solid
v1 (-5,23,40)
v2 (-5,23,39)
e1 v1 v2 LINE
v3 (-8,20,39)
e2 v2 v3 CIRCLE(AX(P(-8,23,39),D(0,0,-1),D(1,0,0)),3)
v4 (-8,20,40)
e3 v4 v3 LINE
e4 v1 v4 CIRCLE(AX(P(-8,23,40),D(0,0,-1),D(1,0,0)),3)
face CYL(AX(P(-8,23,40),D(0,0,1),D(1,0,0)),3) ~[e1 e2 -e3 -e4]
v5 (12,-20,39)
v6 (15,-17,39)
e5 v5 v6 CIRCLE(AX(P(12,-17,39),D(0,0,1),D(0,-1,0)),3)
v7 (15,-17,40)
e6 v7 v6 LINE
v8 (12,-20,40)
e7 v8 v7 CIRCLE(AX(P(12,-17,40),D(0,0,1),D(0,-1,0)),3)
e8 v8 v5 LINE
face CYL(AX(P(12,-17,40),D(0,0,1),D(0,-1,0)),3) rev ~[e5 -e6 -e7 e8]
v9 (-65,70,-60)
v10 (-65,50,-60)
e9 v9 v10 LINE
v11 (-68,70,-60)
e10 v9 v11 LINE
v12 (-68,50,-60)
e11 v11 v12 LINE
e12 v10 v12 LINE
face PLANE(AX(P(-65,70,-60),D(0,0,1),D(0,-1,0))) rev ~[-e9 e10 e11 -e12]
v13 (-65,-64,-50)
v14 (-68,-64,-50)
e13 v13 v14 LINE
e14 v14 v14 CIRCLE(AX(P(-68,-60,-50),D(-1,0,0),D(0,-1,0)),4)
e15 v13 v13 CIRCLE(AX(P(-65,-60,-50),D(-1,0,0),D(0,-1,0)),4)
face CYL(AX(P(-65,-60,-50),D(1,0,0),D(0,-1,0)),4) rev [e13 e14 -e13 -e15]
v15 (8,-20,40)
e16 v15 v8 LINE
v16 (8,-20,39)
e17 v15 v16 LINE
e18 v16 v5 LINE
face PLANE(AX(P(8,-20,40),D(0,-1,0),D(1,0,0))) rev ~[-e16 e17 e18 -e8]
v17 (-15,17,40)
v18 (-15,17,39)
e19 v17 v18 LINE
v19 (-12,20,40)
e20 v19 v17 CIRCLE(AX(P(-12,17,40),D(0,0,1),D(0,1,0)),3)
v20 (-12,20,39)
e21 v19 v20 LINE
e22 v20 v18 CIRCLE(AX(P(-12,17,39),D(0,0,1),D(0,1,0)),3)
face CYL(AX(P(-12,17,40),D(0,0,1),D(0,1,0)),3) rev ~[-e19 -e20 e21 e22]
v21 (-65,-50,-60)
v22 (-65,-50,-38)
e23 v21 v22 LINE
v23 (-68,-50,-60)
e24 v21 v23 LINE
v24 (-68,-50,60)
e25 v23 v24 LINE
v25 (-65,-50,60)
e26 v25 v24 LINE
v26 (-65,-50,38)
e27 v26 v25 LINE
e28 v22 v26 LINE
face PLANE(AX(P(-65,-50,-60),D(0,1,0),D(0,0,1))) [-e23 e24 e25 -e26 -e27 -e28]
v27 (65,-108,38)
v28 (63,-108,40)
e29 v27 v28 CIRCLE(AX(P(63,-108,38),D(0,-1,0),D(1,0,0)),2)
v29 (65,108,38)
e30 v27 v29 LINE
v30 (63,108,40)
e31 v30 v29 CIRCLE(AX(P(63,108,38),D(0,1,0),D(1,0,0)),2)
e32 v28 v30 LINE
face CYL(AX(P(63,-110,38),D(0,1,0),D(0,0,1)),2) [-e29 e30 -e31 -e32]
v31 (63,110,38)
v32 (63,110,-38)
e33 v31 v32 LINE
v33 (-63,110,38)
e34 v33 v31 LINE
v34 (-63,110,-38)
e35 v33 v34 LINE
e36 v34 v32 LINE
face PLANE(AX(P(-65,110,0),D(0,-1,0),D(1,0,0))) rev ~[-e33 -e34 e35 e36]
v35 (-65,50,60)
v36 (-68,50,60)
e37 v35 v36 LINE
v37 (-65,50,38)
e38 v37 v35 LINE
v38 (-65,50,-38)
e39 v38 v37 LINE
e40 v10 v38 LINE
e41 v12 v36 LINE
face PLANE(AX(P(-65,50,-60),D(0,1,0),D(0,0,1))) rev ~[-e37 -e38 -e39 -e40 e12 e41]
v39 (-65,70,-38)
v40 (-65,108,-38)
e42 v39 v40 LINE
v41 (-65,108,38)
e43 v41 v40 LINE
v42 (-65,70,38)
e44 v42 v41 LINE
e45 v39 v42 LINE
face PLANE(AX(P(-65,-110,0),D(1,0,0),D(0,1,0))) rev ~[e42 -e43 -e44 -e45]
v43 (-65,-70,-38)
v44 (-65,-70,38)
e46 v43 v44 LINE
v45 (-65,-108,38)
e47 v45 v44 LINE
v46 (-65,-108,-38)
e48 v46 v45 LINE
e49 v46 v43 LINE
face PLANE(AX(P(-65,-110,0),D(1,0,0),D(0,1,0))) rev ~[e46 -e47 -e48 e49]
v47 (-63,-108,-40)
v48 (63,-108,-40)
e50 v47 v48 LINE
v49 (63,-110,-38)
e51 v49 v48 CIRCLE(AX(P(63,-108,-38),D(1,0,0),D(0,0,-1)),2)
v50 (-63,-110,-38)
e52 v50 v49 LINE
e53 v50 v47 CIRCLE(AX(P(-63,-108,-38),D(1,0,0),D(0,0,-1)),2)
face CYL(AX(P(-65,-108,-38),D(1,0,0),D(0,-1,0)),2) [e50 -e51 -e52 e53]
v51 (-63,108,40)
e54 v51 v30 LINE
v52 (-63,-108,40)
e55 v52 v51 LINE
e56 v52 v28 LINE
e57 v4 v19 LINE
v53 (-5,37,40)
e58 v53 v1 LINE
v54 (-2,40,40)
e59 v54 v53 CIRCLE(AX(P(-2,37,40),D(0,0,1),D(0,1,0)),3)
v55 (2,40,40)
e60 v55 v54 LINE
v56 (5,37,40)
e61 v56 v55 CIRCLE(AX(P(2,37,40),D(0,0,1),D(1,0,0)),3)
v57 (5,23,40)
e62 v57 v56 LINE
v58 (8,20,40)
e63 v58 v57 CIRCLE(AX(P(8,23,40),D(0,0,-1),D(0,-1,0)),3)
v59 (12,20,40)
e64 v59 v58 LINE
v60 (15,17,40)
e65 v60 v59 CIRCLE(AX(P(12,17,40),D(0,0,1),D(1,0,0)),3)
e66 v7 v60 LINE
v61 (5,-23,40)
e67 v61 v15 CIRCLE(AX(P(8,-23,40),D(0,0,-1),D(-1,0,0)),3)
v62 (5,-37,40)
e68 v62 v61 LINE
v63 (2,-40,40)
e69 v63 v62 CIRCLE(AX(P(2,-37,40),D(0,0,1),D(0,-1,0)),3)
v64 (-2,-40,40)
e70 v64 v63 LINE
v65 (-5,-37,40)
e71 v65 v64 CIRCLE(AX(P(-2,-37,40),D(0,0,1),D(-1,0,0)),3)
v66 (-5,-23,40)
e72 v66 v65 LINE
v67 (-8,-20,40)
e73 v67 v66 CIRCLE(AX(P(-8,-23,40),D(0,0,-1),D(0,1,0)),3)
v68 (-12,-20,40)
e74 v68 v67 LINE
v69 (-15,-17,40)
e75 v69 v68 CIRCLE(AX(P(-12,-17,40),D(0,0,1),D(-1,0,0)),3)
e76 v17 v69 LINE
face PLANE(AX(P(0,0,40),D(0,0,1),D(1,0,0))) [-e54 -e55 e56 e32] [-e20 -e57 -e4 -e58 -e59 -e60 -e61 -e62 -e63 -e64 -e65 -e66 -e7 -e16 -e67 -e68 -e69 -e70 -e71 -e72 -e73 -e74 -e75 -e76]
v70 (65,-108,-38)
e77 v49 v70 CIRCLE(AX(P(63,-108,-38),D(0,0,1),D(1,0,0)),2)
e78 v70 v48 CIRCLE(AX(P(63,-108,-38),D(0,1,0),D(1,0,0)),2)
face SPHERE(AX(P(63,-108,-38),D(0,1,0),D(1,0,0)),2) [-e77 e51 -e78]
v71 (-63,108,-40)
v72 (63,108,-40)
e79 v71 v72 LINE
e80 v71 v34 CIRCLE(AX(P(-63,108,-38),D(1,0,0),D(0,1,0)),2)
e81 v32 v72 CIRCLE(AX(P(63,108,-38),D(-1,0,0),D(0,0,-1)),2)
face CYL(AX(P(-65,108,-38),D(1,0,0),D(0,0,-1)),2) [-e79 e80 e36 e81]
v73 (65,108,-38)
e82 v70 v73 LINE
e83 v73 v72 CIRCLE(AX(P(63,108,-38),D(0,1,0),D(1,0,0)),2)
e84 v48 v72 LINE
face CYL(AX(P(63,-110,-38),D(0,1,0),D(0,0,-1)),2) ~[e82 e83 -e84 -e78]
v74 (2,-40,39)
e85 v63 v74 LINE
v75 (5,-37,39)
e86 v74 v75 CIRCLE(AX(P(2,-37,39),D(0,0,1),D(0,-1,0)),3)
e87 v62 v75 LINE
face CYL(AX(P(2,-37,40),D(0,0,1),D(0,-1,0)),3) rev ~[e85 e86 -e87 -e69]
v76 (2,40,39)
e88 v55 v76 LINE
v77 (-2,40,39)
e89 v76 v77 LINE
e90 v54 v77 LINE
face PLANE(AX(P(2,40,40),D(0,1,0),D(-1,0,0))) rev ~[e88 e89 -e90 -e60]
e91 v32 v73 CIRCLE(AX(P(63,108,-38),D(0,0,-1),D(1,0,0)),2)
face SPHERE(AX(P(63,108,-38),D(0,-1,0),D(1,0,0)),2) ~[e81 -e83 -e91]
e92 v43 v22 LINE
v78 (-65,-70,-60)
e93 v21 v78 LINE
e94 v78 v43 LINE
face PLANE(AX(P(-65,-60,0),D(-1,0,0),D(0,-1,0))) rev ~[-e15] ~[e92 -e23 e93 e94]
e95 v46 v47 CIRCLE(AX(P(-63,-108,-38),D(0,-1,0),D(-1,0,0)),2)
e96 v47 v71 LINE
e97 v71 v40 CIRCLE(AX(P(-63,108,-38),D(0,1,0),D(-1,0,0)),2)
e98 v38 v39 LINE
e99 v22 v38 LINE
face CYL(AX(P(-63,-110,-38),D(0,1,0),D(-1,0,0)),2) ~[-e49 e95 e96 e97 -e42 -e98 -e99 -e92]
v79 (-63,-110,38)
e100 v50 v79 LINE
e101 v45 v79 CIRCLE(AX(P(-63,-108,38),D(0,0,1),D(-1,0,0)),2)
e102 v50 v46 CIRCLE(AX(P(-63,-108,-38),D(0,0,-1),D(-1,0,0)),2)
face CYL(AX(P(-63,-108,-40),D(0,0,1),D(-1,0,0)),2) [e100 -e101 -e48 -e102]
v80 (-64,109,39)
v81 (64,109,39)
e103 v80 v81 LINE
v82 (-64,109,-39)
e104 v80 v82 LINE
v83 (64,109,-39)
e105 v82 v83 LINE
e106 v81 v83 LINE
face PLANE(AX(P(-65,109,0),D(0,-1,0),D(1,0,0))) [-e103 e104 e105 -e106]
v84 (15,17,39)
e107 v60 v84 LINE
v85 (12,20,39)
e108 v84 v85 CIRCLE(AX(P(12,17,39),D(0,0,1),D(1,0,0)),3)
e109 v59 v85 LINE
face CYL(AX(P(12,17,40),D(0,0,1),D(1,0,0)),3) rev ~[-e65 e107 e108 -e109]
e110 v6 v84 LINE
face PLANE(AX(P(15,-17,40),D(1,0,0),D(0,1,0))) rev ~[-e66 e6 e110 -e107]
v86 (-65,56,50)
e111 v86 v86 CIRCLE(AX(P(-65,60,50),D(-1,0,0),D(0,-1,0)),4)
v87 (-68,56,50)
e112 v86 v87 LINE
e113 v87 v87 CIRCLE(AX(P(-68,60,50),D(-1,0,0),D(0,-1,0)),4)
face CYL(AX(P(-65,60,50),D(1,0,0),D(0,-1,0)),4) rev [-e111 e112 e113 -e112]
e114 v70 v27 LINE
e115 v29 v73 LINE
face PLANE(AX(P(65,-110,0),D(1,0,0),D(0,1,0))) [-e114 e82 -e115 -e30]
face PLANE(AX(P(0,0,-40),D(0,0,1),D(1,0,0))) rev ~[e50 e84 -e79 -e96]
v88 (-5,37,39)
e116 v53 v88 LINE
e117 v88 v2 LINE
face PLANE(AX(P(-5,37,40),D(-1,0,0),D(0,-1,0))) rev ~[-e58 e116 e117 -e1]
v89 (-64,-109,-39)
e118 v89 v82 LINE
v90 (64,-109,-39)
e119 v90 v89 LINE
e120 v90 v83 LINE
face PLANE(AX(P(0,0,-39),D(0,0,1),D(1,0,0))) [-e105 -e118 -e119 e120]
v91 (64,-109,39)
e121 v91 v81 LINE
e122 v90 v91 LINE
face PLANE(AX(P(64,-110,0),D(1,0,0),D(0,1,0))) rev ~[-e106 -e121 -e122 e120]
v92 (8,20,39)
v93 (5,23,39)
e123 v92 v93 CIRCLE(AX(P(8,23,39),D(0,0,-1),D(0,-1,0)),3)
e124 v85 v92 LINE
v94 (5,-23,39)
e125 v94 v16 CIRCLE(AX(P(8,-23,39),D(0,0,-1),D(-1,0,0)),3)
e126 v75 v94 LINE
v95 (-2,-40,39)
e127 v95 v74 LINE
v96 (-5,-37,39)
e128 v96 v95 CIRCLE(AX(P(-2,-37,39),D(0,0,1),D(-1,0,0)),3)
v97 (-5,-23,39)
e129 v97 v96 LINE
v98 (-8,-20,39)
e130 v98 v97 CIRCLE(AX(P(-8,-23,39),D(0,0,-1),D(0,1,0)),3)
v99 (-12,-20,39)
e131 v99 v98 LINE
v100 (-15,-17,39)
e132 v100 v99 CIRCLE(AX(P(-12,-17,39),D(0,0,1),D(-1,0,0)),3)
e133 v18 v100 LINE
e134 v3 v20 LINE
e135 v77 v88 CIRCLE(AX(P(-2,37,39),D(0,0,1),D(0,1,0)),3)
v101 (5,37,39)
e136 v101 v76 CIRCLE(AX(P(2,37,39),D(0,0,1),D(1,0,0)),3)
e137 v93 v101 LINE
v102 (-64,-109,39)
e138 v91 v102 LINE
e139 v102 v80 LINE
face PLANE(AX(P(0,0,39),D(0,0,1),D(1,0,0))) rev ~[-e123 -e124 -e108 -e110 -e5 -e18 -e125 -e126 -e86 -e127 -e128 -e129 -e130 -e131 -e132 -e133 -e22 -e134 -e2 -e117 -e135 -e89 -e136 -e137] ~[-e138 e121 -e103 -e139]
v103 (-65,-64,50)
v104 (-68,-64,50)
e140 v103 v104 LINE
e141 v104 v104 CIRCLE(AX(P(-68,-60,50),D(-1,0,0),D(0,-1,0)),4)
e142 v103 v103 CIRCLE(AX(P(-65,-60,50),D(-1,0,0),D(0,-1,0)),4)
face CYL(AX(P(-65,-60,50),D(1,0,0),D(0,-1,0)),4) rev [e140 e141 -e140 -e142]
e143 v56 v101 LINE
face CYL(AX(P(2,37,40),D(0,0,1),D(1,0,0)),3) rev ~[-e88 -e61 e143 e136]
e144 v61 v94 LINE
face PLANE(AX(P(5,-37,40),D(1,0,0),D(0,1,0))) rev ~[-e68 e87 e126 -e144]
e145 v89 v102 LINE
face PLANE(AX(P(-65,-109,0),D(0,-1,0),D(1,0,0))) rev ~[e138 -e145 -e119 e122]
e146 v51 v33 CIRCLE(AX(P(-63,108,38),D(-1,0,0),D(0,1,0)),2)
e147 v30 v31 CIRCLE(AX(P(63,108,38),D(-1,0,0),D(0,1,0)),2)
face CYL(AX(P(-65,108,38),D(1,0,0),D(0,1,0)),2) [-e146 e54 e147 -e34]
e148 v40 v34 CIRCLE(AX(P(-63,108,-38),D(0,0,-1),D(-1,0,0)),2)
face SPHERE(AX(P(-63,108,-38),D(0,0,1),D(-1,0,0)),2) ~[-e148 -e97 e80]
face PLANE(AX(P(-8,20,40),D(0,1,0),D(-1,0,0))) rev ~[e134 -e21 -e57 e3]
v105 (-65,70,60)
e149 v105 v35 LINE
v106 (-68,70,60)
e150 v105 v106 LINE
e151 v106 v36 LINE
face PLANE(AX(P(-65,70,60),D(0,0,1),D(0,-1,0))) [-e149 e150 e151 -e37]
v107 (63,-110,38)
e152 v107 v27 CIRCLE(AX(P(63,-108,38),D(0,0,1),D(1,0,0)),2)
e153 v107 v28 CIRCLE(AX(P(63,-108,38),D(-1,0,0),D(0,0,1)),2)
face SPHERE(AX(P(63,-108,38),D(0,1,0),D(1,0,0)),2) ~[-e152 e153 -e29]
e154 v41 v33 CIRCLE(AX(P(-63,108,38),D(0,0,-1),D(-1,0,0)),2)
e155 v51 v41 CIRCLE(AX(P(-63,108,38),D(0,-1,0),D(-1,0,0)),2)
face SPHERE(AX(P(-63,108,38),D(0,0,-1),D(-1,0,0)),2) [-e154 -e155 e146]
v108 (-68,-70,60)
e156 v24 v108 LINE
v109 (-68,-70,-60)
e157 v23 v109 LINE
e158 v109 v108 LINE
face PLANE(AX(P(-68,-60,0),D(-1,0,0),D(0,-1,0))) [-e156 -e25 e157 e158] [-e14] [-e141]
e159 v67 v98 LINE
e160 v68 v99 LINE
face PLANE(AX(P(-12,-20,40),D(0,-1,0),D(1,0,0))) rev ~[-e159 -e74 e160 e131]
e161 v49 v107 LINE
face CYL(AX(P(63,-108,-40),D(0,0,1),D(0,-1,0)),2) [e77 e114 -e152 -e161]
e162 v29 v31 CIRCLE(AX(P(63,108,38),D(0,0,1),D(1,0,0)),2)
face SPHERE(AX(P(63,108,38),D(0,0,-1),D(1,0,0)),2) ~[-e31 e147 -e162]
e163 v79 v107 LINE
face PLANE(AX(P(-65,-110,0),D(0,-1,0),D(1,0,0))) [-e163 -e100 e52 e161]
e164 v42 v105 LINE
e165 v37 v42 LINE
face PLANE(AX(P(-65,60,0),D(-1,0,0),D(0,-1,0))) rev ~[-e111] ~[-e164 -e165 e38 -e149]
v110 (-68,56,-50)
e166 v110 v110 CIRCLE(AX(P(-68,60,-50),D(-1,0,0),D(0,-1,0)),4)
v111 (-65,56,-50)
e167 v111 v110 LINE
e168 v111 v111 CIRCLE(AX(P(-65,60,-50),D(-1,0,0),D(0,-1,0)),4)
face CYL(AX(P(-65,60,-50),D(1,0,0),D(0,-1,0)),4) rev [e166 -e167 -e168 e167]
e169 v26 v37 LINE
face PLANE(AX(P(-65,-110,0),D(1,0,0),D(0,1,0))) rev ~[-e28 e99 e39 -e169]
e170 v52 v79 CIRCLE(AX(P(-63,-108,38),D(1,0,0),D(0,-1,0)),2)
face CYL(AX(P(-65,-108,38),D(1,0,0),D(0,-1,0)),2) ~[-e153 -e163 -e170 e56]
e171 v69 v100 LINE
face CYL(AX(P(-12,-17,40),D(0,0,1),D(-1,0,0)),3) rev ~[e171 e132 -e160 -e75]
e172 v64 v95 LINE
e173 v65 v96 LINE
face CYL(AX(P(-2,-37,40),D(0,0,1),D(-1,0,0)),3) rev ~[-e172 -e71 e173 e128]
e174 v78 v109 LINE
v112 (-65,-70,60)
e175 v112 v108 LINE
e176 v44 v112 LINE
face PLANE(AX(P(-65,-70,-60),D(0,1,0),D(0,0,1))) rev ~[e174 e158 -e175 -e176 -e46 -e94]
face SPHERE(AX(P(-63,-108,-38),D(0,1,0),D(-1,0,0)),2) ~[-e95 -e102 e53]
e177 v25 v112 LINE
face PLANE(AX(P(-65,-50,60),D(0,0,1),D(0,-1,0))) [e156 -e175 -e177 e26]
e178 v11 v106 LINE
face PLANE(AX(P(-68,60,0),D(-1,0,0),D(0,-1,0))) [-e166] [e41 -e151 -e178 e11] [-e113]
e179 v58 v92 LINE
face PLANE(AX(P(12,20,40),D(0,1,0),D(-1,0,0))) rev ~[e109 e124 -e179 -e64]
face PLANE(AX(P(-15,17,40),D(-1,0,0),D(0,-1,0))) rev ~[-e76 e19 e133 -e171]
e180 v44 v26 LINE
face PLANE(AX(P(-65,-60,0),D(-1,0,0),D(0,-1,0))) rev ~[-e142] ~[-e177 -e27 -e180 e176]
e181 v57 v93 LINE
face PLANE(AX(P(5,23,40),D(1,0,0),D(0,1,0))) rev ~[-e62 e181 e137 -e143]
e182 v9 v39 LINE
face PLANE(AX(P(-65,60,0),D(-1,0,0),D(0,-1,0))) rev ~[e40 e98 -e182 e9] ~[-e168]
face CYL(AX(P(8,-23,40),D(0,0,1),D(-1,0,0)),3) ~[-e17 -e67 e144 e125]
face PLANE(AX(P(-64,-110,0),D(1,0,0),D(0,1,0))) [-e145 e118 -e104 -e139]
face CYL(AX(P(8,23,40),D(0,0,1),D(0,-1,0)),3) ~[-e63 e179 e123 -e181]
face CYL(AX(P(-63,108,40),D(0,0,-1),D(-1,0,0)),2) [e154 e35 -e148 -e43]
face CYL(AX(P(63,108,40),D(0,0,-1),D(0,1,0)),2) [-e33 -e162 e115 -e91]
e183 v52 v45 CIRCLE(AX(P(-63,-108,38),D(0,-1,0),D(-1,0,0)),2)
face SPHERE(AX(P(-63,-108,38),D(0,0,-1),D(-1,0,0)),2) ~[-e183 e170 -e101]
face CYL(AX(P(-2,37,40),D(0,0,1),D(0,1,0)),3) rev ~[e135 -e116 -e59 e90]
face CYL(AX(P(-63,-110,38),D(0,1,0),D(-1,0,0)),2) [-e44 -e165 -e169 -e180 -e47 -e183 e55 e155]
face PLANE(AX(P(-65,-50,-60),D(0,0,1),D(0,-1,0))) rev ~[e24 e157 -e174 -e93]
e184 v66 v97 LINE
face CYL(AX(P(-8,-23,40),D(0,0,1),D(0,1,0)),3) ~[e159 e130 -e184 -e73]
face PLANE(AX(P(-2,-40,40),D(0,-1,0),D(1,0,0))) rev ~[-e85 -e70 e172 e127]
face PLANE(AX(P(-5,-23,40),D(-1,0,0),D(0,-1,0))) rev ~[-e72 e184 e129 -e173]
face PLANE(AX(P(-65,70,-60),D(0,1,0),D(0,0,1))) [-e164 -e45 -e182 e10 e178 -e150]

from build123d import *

# Parameters (mm, degrees)
F0_W     = 130
F0_H     = 220
F1_DEPTH = 40
F2_T     = -1
F4_DEPTH = 1
F5_R     = 2
F6_W     = 20
F6_H     = 120
F6_R     = 4
F7_DEPTH = 3


with BuildPart() as f1:
    # F0 (on Top) → F1 (new body, symmetric)
    with BuildSketch(Plane.XY):
        Rectangle(F0_W, F0_H)
    extrude(amount=F1_DEPTH, both=True)

    # F2 (hollow: no face is removed)
    offset(amount=F2_T, mode=Mode.SUBTRACT)

    # F3 (on face) → F4 (cut, through all)
    with BuildSketch(Plane.XY.offset(40)):
        with BuildLine():
            Line((2, 40), (-2, 40))
            ThreePointArc((-2, 40), (-4.1213203436, 39.1213203436), (-5, 37))
            Line((-5, 37), (-5, 23))
            ThreePointArc((-5, 23), (-5.8786796564, 20.8786796564), (-8, 20))
            Line((-8, 20), (-12, 20))
            ThreePointArc((-12, 20), (-14.1213203436, 19.1213203436), (-15, 17))
            Line((-15, 17), (-15, -17))
            ThreePointArc((-15, -17), (-14.1213203436, -19.1213203436), (-12, -20))
            Line((-12, -20), (-8, -20))
            ThreePointArc((-8, -20), (-5.8786796564, -20.8786796564), (-5, -23))
            Line((-5, -23), (-5, -37))
            ThreePointArc((-5, -37), (-4.1213203436, -39.1213203436), (-2, -40))
            Line((-2, -40), (2, -40))
            ThreePointArc((2, -40), (4.1213203436, -39.1213203436), (5, -37))
            Line((5, -37), (5, -23))
            ThreePointArc((5, -23), (5.8786796564, -20.8786796564), (8, -20))
            Line((8, -20), (12, -20))
            ThreePointArc((12, -20), (14.1213203436, -19.1213203436), (15, -17))
            Line((15, -17), (15, 17))
            ThreePointArc((15, 17), (14.1213203436, 19.1213203436), (12, 20))
            Line((12, 20), (8, 20))
            ThreePointArc((8, 20), (5.8786796564, 20.8786796564), (5, 23))
            Line((5, 23), (5, 37))
            ThreePointArc((5, 37), (4.1213203436, 39.1213203436), (2, 40))
        make_face()
    extrude(amount=-F4_DEPTH, mode=Mode.SUBTRACT)

    # F5
    f5_edges = [f1.edges().sort_by_distance(p)[0] for p in [
        (65, 0, -40),
        (65, 110, 0),
        (65, 0, 40),
        (65, -110, 0),
        (-65, 110, 0),
        (-65, 0, -40),
        (-65, -110, 0),
        (-65, 0, 40),
        (0, 110, -40),
        (0, -110, -40),
        (0, 110, 40),
        (0, -110, 40),
    ]]
    fillet(f5_edges, radius=F5_R)

    # F6 (on face) → F7 (join)
    with BuildSketch(Plane(origin=(-65, 0, 0), x_dir=(0, -1, 0), z_dir=(-1, 0, 0))):
        with Locations((-60, 0)):
            Rectangle(F6_W, F6_H)
        with Locations((-60, -50)):
            Circle(F6_R, mode=Mode.SUBTRACT)
        with Locations((-60, 50)):
            Circle(F6_R, mode=Mode.SUBTRACT)
        with Locations((60, 0)):
            Rectangle(F6_W, F6_H)
        with Locations((60, -50)):
            Circle(F6_R, mode=Mode.SUBTRACT)
        with Locations((60, 50)):
            Circle(F6_R, mode=Mode.SUBTRACT)
    extrude(amount=F7_DEPTH)


solid = f1.part
